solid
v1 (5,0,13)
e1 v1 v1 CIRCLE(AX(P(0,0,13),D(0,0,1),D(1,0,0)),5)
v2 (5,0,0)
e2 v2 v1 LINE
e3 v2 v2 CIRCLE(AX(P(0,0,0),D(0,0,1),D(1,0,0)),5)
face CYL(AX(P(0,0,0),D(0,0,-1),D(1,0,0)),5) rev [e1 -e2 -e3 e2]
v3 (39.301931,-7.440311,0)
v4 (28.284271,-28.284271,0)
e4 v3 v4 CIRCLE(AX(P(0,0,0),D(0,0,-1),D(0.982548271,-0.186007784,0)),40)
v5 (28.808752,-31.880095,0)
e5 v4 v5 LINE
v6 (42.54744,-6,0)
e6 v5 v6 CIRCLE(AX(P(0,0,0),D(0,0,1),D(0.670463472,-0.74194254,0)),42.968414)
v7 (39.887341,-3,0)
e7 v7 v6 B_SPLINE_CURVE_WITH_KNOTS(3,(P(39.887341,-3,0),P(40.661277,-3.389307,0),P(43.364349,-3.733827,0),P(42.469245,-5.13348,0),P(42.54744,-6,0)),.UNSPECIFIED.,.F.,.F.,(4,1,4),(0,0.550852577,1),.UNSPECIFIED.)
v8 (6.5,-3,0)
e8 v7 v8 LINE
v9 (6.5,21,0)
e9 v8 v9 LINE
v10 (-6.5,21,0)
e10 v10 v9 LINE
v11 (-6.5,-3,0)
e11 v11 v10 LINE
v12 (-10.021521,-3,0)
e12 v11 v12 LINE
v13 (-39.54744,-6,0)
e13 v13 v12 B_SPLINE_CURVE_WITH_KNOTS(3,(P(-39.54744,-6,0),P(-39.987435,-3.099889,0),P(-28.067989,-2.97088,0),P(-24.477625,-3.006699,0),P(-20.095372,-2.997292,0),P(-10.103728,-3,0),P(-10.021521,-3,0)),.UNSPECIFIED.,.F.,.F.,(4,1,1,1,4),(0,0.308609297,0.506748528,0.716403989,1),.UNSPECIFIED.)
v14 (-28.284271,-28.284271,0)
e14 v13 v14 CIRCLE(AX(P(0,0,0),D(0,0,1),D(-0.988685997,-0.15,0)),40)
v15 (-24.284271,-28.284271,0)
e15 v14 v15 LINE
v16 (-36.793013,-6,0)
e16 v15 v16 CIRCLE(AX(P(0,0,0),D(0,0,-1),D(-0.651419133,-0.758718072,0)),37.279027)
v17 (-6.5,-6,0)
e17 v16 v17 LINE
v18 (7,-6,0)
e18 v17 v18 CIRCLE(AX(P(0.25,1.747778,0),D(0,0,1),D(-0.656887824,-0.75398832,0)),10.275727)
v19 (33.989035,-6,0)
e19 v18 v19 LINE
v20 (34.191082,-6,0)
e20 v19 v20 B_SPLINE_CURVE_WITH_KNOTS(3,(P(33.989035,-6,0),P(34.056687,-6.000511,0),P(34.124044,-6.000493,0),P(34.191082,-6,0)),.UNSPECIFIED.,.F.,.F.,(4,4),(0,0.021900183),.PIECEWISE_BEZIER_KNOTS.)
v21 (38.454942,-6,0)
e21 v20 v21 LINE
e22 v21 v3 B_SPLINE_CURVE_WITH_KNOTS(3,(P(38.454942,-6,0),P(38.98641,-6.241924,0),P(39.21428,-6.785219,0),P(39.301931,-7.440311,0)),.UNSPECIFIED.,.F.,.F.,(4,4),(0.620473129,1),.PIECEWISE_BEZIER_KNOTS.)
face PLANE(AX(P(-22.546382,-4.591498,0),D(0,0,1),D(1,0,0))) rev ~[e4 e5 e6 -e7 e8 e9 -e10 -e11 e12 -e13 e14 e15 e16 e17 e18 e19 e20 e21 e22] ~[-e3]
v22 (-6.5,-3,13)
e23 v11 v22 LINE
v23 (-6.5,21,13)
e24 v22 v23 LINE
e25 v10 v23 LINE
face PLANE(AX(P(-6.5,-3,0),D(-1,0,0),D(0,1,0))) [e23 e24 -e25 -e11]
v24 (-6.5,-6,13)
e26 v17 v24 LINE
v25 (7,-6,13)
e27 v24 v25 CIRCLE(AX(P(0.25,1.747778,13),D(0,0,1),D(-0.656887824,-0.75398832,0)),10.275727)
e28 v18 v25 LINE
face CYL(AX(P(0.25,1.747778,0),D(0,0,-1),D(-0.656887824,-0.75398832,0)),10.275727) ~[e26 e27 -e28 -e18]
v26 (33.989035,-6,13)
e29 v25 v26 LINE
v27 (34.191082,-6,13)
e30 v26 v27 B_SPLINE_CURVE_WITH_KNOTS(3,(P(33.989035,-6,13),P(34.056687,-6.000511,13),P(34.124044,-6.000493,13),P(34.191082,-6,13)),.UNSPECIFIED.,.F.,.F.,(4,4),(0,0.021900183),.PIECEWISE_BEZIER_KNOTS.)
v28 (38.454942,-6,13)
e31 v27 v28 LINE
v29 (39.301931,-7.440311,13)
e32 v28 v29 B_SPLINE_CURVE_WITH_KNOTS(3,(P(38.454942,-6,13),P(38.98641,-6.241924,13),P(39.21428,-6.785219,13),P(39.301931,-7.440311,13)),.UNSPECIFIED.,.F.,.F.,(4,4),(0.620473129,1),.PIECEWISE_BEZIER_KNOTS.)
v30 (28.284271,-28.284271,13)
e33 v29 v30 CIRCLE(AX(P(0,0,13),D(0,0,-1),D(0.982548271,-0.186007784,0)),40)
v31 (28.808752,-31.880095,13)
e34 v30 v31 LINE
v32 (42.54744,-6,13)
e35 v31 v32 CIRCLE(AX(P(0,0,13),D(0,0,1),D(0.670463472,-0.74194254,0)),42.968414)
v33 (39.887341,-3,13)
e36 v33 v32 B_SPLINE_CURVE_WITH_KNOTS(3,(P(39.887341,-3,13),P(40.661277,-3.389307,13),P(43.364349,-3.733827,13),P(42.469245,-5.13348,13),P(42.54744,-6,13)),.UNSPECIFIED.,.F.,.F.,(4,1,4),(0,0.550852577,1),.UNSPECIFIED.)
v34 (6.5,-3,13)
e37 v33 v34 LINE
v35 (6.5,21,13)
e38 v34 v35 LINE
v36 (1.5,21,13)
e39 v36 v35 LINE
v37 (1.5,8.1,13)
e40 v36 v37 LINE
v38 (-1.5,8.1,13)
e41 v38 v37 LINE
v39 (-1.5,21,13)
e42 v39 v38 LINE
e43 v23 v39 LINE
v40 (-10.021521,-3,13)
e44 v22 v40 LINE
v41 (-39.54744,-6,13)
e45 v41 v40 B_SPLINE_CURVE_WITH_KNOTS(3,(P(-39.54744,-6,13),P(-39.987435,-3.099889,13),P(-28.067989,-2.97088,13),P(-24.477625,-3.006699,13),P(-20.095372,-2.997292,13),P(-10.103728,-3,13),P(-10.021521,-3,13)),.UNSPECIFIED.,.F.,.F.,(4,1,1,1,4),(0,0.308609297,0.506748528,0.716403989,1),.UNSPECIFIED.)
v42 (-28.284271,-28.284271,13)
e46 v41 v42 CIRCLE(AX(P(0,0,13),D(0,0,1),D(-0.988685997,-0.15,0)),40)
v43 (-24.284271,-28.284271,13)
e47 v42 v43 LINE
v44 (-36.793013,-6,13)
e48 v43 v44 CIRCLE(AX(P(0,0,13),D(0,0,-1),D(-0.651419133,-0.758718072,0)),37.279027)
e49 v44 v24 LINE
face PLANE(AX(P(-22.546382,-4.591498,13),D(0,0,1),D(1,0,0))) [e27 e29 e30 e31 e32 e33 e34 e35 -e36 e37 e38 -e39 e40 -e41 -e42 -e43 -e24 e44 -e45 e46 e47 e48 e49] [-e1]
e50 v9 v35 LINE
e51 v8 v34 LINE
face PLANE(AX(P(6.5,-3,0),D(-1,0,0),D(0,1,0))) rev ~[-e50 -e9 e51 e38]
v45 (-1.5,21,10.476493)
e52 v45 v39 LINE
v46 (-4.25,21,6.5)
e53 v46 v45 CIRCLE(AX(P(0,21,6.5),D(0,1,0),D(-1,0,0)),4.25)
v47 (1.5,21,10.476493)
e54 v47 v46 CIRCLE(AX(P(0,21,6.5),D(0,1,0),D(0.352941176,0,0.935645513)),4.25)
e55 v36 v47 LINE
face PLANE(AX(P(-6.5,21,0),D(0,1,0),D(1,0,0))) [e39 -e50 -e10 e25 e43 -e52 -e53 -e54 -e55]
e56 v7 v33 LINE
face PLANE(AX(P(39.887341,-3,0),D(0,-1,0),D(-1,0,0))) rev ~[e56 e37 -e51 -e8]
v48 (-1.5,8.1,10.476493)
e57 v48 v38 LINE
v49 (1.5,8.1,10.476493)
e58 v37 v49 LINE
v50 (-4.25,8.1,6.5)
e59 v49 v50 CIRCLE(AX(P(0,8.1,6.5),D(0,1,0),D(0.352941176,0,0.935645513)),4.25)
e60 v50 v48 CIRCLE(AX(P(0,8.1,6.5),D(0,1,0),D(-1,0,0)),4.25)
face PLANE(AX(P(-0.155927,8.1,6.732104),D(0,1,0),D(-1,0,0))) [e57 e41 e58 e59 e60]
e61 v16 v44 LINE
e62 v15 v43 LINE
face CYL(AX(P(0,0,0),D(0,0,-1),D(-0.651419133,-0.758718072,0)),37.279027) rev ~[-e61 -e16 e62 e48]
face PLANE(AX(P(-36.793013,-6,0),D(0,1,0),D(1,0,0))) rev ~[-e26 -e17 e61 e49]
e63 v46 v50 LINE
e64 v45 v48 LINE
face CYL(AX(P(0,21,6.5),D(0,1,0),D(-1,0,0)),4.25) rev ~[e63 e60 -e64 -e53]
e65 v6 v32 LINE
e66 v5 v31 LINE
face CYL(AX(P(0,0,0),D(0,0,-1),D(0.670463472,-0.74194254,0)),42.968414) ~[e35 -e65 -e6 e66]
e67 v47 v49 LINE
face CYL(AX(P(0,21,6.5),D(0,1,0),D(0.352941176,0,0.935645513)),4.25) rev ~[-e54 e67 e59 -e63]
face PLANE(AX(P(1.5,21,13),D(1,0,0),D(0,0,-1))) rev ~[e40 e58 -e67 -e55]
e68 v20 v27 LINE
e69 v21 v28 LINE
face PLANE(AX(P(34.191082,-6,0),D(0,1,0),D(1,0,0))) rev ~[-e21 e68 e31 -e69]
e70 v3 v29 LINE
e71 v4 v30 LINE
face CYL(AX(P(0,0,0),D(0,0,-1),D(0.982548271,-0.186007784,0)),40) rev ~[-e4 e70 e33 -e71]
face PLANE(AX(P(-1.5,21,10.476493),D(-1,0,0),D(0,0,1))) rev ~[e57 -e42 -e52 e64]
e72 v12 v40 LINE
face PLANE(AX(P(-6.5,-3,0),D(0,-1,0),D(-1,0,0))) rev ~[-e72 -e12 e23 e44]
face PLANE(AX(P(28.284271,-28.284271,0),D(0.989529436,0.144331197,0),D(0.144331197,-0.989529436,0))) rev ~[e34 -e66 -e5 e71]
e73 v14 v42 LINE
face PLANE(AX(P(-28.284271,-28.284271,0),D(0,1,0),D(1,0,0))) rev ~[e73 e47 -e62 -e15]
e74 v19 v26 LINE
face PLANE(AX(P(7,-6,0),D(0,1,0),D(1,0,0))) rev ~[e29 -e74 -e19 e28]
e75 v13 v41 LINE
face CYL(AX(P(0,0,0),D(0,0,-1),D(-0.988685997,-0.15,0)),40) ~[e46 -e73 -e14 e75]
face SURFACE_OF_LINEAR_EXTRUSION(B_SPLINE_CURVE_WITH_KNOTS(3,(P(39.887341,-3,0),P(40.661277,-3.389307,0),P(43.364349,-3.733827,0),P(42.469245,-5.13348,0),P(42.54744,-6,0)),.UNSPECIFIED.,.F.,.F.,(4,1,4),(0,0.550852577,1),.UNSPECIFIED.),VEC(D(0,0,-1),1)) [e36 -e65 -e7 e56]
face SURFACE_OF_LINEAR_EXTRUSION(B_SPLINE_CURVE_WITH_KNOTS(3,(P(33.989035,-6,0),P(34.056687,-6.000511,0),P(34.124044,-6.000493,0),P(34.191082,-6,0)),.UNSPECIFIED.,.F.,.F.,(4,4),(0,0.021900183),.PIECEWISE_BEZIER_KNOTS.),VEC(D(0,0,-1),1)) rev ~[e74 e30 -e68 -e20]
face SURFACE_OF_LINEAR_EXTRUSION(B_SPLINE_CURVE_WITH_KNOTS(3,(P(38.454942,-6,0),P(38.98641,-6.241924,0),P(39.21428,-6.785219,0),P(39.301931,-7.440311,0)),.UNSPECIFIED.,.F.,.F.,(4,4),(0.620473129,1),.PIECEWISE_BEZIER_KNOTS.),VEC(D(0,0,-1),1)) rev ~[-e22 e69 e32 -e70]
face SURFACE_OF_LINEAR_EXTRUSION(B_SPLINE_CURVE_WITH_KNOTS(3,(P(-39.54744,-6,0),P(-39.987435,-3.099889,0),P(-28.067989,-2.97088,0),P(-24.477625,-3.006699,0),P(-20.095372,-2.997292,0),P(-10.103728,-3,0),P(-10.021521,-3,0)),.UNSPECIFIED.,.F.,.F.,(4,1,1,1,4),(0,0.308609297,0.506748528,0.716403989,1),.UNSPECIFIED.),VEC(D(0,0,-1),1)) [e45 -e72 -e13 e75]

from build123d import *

# Parameters (mm, degrees)
F0_W     = 13
F0_H     = 24
F2_DEPTH = 13
F1_R     = 5
F3_DEPTH = 13
F5_DEPTH = 12.9


with BuildPart() as f2:
    # F0 (on Top) → F2 (new body)
    with BuildSketch(Plane.XY):
        with BuildLine():
            Line((-6.5, -3), (-10.0215210102, -3))
            add(Edge.make_bspline(
                [(-39.5474398666, -6), (-39.987434644, -3.0998888332), (-28.0679892003, -2.9708801078), (-24.4776253005, -3.0066990198), (-20.0953720274, -2.997292433), (-10.1037282836, -3), (-10.0215210102, -3)],
                knots=[0, 0, 0, 0, 0.3086092965, 0.5067485278, 0.7164039889, 1, 1, 1, 1], degree=3))
            Line((-39.5474398666, -6), (-36.7930133316, -6))
            Line((-36.7930133316, -6), (-6.5, -6))
            Line((-6.5, -6), (-6.5, -3))
        make_face()
        with Locations((0, 9)):
            Rectangle(F0_W, F0_H)
        Polygon((6.5, -3), (-6.5, -3), (-6.5, -6), (7, -6), (7, -3), align=None)
        with BuildLine():
            Line((-36.7930133316, -6), (-39.5474398666, -6))
            ThreePointArc((-39.5474398666, -6), (-35.6991938904, -18.0434906705), (-28.2842712475, -28.2842712475))
            Line((-28.2842712475, -28.2842712475), (-24.2842712475, -28.2842712475))
            ThreePointArc((-24.2842712475, -28.2842712475), (-32.5077815168, -18.2474647794), (-36.7930133316, -6))
        make_face()
        with BuildLine():
            Line((7, -6), (-6.5, -6))
            ThreePointArc((-6.5, -6), (0.25, -8.5279488827), (7, -6))
        make_face()
        with BuildLine():
            Line((39.8873413504, -3), (7, -3))
            Line((7, -3), (7, -6))
            Line((7, -6), (33.9890345931, -6))
            Line((33.9890345931, -6), (34.1910820365, -6))
            add(Edge.make_bspline(
                [(34.1910820365, -6), (36.0233504005, -5.9865327697), (37.61673459, -5.6184481892), (38.4549424052, -6)],
                knots=[0.0219001831, 0.0219001831, 0.0219001831, 0.0219001831, 0.6204731295, 0.6204731295, 0.6204731295, 0.6204731295], degree=3))
            Line((38.4549424052, -6), (39.5474398666, -6))
            ThreePointArc((39.5474398666, -6), (39.4312622039, -6.7212767397), (39.3019308294, -7.4403113564))
            ThreePointArc((39.3019308294, -7.4403113564), (35.3637009344, -18.6924759254), (28.2842712475, -28.2842712475))
            Line((28.2842712475, -28.2842712475), (28.8087523399, -31.880094539))
            ThreePointArc((28.8087523399, -31.880094539), (37.9522247686, -20.1472895028), (42.5474398666, -6))
            add(Edge.make_bspline(
                [(39.8873413504, -3), (40.6612767941, -3.3893066613), (43.3643490326, -3.7338272559), (42.4692446307, -5.1334802328), (42.5474398666, -6)],
                knots=[0, 0, 0, 0, 0.5508525768, 1, 1, 1, 1], degree=3))
        make_face()
        with BuildLine():
            Line((34.1910820365, -6), (33.9890345931, -6))
            add(Edge.make_bspline(
                [(33.9890345931, -6), (34.0566866614, -6.0005107576), (34.124044238, -6.0004927299), (34.1910820365, -6)],
                knots=[0, 0, 0, 0, 0.0219001831, 0.0219001831, 0.0219001831, 0.0219001831], degree=3))
        make_face()
        with BuildLine():
            add(Edge.make_bspline(
                [(34.1910820365, -6), (36.0233504005, -5.9865327697), (37.61673459, -5.6184481892), (38.4549424052, -6)],
                knots=[0.0219001831, 0.0219001831, 0.0219001831, 0.0219001831, 0.6204731295, 0.6204731295, 0.6204731295, 0.6204731295], degree=3))
            Line((34.1910820365, -6), (38.4549424052, -6))
        make_face()
        with BuildLine():
            Line((39.5474398666, -6), (38.4549424052, -6))
            add(Edge.make_bspline(
                [(38.4549424052, -6), (38.9864104423, -6.2419240053), (39.2142802148, -6.7852190746), (39.3019308294, -7.4403113564)],
                knots=[0.6204731295, 0.6204731295, 0.6204731295, 0.6204731295, 1, 1, 1, 1], degree=3))
            ThreePointArc((39.3019308294, -7.4403113564), (39.4312622039, -6.7212767397), (39.5474398666, -6))
        make_face()
    extrude(amount=F2_DEPTH)

    # F1 (on Top) → F3 (cut, through all)
    with BuildSketch(Plane.XY):
        Circle(F1_R)
    extrude(amount=F3_DEPTH, mode=Mode.SUBTRACT)

    # F4 (on face) → F5 (cut)
    with BuildSketch(Plane(origin=(0, 21, 0), x_dir=(-1, 0, 0), z_dir=(0, 1, 0))):
        with BuildLine():
            ThreePointArc((-1.5, 10.4764934301), (-2.4173849507, 3.0044671365), (4.25, 6.5))
            ThreePointArc((4.25, 6.5), (3.4955328635, 8.9173849507), (1.5, 10.4764934301))
            ThreePointArc((1.5, 10.4764934301), (0, 10.75), (-1.5, 10.4764934301))
        make_face()
        with BuildLine():
            ThreePointArc((-1.5, 10.4764934301), (0, 10.75), (1.5, 10.4764934301))
            Line((1.5, 10.4764934301), (1.5, 13))
            Line((1.5, 13), (-1.5, 13))
            Line((-1.5, 13), (-1.5, 10.4764934301))
        make_face()
    extrude(amount=-F5_DEPTH, mode=Mode.SUBTRACT)


solid = f2.part
